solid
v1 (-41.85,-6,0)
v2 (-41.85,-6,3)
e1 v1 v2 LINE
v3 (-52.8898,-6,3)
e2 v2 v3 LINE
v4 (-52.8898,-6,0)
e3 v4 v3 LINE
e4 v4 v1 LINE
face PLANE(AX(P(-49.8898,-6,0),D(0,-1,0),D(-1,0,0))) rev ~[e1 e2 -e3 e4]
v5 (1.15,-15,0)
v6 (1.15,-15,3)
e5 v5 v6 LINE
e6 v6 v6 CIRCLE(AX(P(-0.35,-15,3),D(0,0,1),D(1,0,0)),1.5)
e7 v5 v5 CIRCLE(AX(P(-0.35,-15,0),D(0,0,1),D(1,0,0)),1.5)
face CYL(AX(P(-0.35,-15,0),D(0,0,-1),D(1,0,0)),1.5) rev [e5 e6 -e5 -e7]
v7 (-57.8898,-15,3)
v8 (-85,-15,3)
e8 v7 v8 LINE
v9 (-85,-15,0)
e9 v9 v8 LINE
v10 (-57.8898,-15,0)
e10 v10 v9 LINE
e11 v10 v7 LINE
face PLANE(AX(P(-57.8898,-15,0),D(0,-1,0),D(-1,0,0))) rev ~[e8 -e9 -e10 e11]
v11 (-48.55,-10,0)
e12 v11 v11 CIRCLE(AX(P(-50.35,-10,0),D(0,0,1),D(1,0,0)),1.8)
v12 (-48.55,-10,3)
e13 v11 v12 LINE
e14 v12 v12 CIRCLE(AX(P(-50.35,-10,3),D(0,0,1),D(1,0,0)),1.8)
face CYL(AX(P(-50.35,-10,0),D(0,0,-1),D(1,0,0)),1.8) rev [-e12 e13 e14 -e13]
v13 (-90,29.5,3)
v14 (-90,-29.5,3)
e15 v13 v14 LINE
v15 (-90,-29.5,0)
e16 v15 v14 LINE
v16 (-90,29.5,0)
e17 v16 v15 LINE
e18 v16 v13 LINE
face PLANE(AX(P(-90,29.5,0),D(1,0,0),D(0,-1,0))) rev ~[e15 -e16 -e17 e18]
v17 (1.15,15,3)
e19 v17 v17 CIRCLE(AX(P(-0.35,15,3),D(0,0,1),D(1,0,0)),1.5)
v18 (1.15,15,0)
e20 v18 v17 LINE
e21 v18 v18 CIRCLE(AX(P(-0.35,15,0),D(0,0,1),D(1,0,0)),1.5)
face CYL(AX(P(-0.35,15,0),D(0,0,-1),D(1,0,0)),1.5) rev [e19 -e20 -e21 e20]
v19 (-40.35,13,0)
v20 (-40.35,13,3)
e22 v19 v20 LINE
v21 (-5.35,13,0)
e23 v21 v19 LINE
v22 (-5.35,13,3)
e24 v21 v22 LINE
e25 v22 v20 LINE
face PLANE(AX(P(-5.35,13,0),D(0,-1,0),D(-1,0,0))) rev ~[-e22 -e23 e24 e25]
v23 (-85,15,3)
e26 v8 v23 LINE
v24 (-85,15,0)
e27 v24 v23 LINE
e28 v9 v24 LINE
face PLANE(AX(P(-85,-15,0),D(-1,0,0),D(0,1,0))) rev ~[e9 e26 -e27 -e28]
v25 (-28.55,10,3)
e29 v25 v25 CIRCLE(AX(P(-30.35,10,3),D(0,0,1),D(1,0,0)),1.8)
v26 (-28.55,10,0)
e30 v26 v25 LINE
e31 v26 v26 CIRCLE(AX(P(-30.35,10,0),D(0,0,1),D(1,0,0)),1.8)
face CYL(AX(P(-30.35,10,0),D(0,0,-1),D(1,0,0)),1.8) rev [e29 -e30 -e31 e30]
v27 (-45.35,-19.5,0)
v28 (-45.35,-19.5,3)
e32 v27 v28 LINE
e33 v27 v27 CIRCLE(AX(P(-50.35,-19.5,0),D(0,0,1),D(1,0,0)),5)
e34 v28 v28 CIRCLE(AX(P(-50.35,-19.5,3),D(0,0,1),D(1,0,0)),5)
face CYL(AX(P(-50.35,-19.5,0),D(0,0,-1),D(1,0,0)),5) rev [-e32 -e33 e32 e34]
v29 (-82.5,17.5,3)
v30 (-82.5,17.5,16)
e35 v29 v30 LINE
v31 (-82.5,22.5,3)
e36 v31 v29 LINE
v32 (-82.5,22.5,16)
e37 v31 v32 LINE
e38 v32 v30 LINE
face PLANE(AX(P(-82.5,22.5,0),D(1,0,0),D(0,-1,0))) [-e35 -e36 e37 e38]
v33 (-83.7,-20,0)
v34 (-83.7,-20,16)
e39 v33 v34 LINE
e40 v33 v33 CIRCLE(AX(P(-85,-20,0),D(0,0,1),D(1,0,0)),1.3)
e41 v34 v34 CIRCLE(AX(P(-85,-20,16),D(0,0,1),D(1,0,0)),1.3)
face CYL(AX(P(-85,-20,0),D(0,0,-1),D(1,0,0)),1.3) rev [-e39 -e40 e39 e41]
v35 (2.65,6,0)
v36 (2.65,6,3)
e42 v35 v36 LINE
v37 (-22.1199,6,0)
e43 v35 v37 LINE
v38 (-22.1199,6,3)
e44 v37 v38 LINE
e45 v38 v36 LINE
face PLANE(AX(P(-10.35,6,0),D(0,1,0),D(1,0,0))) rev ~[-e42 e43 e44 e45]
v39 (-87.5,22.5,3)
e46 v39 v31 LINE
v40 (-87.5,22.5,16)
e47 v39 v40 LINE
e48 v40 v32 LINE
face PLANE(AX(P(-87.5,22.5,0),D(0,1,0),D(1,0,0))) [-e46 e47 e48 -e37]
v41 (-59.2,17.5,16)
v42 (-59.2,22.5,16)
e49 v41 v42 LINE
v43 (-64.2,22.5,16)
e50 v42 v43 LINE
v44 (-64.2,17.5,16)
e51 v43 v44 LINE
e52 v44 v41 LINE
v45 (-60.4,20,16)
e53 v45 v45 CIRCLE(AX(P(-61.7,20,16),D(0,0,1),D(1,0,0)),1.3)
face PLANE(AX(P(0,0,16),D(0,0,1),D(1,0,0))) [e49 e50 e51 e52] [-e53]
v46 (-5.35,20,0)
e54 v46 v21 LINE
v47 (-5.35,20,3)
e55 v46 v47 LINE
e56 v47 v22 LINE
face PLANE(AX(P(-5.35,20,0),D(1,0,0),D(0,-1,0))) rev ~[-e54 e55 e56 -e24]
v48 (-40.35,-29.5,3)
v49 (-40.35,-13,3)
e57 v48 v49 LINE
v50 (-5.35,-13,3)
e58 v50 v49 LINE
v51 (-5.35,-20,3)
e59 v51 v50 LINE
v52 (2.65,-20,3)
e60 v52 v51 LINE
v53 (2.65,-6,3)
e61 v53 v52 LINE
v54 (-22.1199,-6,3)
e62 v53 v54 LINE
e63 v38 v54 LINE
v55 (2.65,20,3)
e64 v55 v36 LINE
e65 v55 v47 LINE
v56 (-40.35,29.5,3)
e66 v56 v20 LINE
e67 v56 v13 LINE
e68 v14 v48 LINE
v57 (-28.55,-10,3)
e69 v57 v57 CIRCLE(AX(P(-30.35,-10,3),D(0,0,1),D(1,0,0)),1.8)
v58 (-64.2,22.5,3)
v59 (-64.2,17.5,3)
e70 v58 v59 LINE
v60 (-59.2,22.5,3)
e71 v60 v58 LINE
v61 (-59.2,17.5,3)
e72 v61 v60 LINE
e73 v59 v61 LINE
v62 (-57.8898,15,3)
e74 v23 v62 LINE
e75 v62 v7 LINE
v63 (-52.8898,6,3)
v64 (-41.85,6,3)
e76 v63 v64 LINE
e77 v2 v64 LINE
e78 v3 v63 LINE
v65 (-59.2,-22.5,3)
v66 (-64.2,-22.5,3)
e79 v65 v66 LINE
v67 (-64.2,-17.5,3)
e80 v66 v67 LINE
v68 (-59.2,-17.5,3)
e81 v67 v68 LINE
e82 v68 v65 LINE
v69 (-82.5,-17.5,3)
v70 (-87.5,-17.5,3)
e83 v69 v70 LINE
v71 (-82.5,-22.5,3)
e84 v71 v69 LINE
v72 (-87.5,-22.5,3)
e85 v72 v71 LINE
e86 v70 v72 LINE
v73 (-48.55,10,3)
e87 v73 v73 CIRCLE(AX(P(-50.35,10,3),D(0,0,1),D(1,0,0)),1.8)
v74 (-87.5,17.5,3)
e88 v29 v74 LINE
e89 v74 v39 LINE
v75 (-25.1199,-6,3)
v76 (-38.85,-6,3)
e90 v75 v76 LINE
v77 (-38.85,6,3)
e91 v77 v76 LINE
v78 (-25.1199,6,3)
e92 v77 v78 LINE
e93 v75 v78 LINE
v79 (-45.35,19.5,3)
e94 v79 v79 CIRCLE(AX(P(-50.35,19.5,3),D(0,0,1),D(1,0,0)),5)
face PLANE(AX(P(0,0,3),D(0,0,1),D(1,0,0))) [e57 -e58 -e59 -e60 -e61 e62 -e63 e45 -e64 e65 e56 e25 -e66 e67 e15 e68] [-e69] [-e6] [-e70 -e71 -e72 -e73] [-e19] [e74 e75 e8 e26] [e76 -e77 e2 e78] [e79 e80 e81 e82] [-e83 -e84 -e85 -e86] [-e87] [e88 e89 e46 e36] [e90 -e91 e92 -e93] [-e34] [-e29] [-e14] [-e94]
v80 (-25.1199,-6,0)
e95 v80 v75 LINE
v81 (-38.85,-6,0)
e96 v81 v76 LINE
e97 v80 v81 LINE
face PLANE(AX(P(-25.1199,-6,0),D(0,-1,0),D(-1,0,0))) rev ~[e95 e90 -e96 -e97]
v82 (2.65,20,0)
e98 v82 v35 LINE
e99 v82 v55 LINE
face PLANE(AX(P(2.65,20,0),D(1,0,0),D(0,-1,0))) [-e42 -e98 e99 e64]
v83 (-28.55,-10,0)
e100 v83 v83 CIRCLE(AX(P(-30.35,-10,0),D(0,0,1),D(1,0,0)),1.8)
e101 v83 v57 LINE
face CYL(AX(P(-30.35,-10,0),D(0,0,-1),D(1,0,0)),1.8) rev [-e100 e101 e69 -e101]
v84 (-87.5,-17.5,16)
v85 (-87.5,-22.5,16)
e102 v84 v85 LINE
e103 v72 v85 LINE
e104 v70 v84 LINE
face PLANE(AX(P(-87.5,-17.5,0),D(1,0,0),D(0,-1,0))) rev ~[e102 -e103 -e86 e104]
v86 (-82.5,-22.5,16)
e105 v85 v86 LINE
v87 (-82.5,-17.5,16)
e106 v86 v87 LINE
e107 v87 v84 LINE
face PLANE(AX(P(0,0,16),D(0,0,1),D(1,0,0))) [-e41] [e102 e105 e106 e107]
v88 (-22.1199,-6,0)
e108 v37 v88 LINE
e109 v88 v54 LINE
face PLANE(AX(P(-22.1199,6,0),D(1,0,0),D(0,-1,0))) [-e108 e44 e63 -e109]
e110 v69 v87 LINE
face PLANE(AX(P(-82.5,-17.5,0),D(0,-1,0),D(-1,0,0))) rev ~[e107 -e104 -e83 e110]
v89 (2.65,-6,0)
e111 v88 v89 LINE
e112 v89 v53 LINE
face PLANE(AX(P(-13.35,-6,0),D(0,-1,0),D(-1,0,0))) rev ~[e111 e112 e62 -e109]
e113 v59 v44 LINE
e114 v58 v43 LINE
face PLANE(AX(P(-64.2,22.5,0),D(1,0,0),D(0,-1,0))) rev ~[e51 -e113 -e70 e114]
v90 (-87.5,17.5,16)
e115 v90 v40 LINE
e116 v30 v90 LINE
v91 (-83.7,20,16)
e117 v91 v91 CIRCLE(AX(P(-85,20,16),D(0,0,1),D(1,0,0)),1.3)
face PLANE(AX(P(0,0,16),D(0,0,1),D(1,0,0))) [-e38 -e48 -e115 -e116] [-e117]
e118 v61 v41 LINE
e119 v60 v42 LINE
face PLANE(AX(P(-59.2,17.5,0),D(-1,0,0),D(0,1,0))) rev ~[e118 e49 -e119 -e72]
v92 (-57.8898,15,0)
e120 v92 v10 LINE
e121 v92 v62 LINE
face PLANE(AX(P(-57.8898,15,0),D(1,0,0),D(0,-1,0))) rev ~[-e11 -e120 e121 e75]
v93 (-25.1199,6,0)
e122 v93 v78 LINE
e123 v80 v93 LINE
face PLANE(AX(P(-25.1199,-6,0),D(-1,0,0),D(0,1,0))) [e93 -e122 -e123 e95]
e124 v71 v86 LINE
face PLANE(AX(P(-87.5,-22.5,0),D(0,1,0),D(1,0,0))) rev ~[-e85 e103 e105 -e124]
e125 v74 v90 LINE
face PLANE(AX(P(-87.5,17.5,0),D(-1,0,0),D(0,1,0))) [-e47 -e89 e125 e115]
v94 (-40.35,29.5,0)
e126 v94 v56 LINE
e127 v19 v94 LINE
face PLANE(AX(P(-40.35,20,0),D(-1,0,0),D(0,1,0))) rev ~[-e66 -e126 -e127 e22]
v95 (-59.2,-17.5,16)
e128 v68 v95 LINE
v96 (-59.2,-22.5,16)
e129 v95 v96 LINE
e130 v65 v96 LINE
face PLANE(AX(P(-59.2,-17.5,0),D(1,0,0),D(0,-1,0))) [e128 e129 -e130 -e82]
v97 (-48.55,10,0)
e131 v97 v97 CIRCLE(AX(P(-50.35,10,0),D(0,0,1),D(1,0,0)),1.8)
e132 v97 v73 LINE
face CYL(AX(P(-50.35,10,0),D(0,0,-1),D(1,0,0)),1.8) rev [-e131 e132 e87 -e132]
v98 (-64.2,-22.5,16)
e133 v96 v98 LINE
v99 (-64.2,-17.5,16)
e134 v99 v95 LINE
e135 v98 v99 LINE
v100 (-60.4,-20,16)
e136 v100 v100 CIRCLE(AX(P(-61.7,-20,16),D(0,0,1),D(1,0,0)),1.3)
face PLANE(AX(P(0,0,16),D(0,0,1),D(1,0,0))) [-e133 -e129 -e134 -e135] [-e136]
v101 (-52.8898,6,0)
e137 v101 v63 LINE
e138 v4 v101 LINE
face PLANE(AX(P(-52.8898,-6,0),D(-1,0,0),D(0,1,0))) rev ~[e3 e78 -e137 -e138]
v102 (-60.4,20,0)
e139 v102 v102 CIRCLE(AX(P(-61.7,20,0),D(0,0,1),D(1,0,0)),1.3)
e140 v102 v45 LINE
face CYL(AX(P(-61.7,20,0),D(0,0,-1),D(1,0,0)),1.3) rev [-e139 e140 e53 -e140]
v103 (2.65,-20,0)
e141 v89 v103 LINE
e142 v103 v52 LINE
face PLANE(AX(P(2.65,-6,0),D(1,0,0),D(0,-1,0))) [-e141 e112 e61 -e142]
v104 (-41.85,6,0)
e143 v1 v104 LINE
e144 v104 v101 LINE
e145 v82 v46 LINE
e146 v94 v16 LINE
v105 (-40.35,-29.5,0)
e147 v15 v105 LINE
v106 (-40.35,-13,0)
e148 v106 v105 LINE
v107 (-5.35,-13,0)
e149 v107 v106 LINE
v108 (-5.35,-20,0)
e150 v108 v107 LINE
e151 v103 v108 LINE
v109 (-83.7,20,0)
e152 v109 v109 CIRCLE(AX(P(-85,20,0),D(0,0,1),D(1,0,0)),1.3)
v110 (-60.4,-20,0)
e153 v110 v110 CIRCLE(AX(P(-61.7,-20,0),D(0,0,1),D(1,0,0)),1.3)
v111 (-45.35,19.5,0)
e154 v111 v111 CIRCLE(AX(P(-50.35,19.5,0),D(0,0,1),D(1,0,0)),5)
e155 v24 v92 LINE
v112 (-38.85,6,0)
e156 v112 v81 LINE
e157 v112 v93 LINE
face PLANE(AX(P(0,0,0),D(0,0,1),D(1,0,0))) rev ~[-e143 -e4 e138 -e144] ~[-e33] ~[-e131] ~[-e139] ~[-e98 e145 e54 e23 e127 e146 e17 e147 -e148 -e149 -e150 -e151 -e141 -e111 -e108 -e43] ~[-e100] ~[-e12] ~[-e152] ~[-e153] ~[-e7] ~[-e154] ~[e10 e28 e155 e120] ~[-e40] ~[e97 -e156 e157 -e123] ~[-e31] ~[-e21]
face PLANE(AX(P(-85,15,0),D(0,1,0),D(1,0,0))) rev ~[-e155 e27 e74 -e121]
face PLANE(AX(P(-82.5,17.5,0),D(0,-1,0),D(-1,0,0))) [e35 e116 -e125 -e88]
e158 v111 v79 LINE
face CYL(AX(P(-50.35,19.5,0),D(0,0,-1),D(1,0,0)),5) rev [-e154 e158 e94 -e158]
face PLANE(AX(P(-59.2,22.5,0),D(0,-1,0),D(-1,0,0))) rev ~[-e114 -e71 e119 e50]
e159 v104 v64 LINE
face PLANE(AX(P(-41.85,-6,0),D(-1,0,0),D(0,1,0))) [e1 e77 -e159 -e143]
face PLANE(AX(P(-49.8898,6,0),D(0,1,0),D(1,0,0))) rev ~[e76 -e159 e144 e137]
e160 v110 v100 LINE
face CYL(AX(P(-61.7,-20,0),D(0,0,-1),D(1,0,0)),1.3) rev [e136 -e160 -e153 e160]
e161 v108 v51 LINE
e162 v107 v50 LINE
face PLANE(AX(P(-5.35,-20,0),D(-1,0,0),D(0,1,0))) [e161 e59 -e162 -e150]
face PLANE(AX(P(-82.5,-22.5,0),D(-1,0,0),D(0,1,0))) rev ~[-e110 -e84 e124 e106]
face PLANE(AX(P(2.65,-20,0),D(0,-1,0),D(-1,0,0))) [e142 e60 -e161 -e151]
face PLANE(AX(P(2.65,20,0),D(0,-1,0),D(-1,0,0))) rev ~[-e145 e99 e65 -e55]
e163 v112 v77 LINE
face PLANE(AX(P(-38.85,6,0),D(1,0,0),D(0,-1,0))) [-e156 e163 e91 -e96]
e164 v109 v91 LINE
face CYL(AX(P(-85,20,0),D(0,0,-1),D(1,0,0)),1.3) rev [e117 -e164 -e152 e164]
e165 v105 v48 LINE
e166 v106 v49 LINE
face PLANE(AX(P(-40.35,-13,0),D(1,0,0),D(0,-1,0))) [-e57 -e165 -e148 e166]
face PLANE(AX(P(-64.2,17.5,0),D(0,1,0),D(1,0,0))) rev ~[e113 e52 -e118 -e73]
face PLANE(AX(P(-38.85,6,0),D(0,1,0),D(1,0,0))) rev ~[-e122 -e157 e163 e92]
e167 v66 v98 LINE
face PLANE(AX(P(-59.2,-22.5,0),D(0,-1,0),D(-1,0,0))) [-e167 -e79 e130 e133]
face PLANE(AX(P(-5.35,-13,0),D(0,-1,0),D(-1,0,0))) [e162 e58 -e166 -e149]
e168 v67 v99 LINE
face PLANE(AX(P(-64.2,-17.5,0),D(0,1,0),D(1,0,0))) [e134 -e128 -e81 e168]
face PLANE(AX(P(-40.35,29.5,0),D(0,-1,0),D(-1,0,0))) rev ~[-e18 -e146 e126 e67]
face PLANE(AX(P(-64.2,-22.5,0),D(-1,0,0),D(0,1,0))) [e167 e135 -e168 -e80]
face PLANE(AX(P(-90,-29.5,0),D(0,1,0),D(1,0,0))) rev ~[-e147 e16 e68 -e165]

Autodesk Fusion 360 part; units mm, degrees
sketch "Sketch1" plane through (0, 0, 0) normal (0, 0, 1) x (1, 0, 0)
  line L0 (90, 29.5) -> (-90, 29.5)
  line L1 (-90, 29.5) -> (-90, -29.5)
  line L2 (-90, -29.5) -> (90, -29.5)
  line L3 (90, -29.5) -> (90, 29.5)
  line L4 (90, 29.5) -> (-90, -29.5) construction
  line L5 (-90, 29.5) -> (90, -29.5) construction
  line L6 (-40.35, 29.5) -> (-40.35, -29.5) construction
  line L7 (-82.5, 17.5) -> (-87.5, 17.5)
  line L8 (-87.5, 17.5) -> (-87.5, 22.5)
  line L9 (-87.5, 22.5) -> (-82.5, 22.5)
  line L10 (-82.5, 22.5) -> (-82.5, 17.5)
  line L11 (-82.5, 17.5) -> (-87.5, 22.5) construction
  line L12 (-87.5, 17.5) -> (-82.5, 22.5) construction
  line L13 (-90, 0) -> (90, 0) construction
  line L14 (-87.5, -22.5) -> (-82.5, -22.5)
  line L15 (-87.5, -17.5) -> (-87.5, -22.5)
  line L16 (-82.5, -22.5) -> (-82.5, -17.5)
  line L17 (-82.5, -17.5) -> (-87.5, -17.5)
  line L18 (-73.35, 29.5) -> (-73.35, -29.5) construction
  line L19 (-64.2, 22.5) -> (-64.2, 17.5)
  line L20 (-59.2, 17.5) -> (-59.2, 22.5)
  line L21 (-59.2, 22.5) -> (-64.2, 22.5)
  line L22 (-64.2, 17.5) -> (-59.2, 17.5)
  line L23 (-59.2, -17.5) -> (-59.2, -22.5)
  line L24 (-64.2, -22.5) -> (-64.2, -17.5)
  line L25 (-59.2, -22.5) -> (-64.2, -22.5)
  line L26 (-64.2, -17.5) -> (-59.2, -17.5)
  circle A0 centre (-50.35, 10) radius 1.8
  circle A1 centre (-50.35, -10) radius 1.8
  circle A2 centre (-30.35, 10) radius 1.8
  circle A3 centre (-30.35, -10) radius 1.8
  circle A4 centre (-0.35, 15) radius 1.5
  circle A5 centre (-0.35, -15) radius 1.5
  line L27 (90, 29.5) -> (2.65, 29.5)
  line L28 (2.65, 29.5) -> (2.65, -29.5)
  line L29 (2.65, -29.5) -> (90, -29.5)
  line L30 (90, -29.5) -> (90, 29.5)
  circle A6 centre (-85, 20) radius 1.3
  circle A7 centre (-85, -20) radius 1.3
  circle A8 centre (-61.7, 20) radius 1.3
  circle A9 centre (-61.7, -20) radius 1.3
  line L31 (-93.8102, -20.3) -> (-52.8898, 20.3) construction
  line L32 (2.65, -6) -> (-52.8898, -6)
  line L33 (-52.8898, -6) -> (-52.8898, 6)
  line L34 (-52.8898, 6) -> (2.65, 6)
  line L35 (2.65, 6) -> (2.65, -6)
  line L36 (-0.35, 15) -> (-0.35, 29.5) construction
  line L37 (-40.35, 29.5) -> (2.65, 29.5)
  line L38 (2.65, 29.5) -> (2.65, 20)
  line L39 (2.65, 20) -> (-40.35, 20)
  line L40 (-40.35, 20) -> (-40.35, 29.5)
  line L41 (2.65, -20) -> (-40.35, -20)
  line L42 (-40.35, -20) -> (-40.35, -29.5)
  line L43 (-40.35, -29.5) -> (2.65, -29.5)
  line L44 (2.65, -29.5) -> (2.65, -20)
  line L45 (-25.1199, 6) -> (-22.1199, 6)
  line L46 (-22.1199, 6) -> (-22.1199, -6)
  line L47 (-22.1199, -6) -> (-25.1199, -6)
  line L48 (-25.1199, -6) -> (-25.1199, 6)
  line L49 (-13.35, 6) -> (-10.35, 6)
  line L50 (-10.35, 6) -> (-10.35, -6)
  line L51 (-10.35, -6) -> (-13.35, -6)
  line L52 (-13.35, -6) -> (-13.35, 6)
  line L53 (-40.35, -20) -> (-5.35, -20)
  line L54 (-5.35, -20) -> (-5.35, -13)
  line L55 (-5.35, -13) -> (-40.35, -13)
  line L56 (-40.35, -13) -> (-40.35, -20)
  line L57 (-40.35, 20) -> (-5.35, 20)
  line L58 (-5.35, 20) -> (-5.35, 13)
  line L59 (-5.35, 13) -> (-40.35, 13)
  line L60 (-40.35, 13) -> (-40.35, 20)
  line L61 (-52.8898, 6) -> (-49.8898, 6)
  line L62 (-49.8898, 6) -> (-49.8898, -6)
  line L63 (-49.8898, -6) -> (-52.8898, -6)
  line L64 (-52.8898, -6) -> (-52.8898, 6)
  line L65 (-57.8898, -15) -> (-85, -15)
  line L66 (-85, -15) -> (-85, 15)
  line L67 (-85, 15) -> (-57.8898, 15)
  line L68 (-57.8898, 15) -> (-57.8898, -15)
  circle A10 centre (-50.35, 19.5) radius 5
  circle A11 centre (-50.35, -19.5) radius 5
  line L69 (-38.85, -6) -> (-41.85, -6)
  line L70 (-41.85, -6) -> (-41.85, 6)
  line L71 (-41.85, 6) -> (-38.85, 6)
  line L72 (-38.85, 6) -> (-38.85, -6)
  line L73 (-38.85, -6) -> (-41.85, 6) construction
  line L74 (-41.85, -6) -> (-38.85, 6) construction
  point P0 (-85, 20)
  point P1 (-85, -20)
  point P2 (-61.7, 20)
  point P3 (-61.7, -20)
  point P4 (-85, -20)
  point P5 (-73.35, 0)
  point P6 (-40.35, 0)
  point P7 (-40.35, 0)
  dimension "batteryPillarWidth" = 5
  dimension "batteryPillarLength" = 5
  dimension "d4" = 33
  dimension "d5" = 11.65
  dimension "baseLength" = 180
  dimension "flightcontrolScrew" = 3.6
  dimension "d8" = 10
  dimension "d9" = 10
  dimension "opticalflowScrew" = 3
  dimension "d11" = 40
  dimension "opticalFlowDistance" = 15
  dimension "d13" = 3
  dimension "d14" = 2.6
  dimension "d17" = 5
  dimension "d23" = 4
  dimension "d24" = 4
  dimension "d25" = 5
  dimension "d26" = 3
  dimension "d27" = 3
  dimension "d28" = 10
  dimension "d30" = 5
  dimension "d31" = 3
  dimension "d34" = 5
  dimension "d35" = 5
  dimension "d36" = 2.5
  dimension "d37" = 20
  dimension "d38" = 10
  dimension "d39" = 10
  dimension "d40" = 10
  dimension "d43" = 3
  dimension "d48" = 7
  dimension "d50" = 30
extrude "Extrude10" add sketch "Sketch1" along normal blind 3 contours L0 L1 L2 L28 L32 L33 L34 L39 L40 L41 L42 L45 L47 L49 L51 L54 L55 L56 L58 L59 L60 L61 L63 L64 L69 L71 | L32 L34 L45 L46 L47 L48 | L32 L34 L69 L70 L71 L72
extrude "Extrude11" add sketch "Sketch1" along normal blind 16 contours L7 L8 L9 L10 | L14 L15 L16 L17 | L19 L20 L21 L22 | L23 L24 L25 L26
extrude "Extrude8" [suppressed]
extrude "Extrude9" [suppressed]
extrude "Extrude6" [suppressed]
extrude "Extrude7" [suppressed]
extrude "Extrude5" [suppressed]
extrude "Extrude4" [suppressed]
extrude "Extrude3" [suppressed]
extrude "Extrude2" [suppressed]
